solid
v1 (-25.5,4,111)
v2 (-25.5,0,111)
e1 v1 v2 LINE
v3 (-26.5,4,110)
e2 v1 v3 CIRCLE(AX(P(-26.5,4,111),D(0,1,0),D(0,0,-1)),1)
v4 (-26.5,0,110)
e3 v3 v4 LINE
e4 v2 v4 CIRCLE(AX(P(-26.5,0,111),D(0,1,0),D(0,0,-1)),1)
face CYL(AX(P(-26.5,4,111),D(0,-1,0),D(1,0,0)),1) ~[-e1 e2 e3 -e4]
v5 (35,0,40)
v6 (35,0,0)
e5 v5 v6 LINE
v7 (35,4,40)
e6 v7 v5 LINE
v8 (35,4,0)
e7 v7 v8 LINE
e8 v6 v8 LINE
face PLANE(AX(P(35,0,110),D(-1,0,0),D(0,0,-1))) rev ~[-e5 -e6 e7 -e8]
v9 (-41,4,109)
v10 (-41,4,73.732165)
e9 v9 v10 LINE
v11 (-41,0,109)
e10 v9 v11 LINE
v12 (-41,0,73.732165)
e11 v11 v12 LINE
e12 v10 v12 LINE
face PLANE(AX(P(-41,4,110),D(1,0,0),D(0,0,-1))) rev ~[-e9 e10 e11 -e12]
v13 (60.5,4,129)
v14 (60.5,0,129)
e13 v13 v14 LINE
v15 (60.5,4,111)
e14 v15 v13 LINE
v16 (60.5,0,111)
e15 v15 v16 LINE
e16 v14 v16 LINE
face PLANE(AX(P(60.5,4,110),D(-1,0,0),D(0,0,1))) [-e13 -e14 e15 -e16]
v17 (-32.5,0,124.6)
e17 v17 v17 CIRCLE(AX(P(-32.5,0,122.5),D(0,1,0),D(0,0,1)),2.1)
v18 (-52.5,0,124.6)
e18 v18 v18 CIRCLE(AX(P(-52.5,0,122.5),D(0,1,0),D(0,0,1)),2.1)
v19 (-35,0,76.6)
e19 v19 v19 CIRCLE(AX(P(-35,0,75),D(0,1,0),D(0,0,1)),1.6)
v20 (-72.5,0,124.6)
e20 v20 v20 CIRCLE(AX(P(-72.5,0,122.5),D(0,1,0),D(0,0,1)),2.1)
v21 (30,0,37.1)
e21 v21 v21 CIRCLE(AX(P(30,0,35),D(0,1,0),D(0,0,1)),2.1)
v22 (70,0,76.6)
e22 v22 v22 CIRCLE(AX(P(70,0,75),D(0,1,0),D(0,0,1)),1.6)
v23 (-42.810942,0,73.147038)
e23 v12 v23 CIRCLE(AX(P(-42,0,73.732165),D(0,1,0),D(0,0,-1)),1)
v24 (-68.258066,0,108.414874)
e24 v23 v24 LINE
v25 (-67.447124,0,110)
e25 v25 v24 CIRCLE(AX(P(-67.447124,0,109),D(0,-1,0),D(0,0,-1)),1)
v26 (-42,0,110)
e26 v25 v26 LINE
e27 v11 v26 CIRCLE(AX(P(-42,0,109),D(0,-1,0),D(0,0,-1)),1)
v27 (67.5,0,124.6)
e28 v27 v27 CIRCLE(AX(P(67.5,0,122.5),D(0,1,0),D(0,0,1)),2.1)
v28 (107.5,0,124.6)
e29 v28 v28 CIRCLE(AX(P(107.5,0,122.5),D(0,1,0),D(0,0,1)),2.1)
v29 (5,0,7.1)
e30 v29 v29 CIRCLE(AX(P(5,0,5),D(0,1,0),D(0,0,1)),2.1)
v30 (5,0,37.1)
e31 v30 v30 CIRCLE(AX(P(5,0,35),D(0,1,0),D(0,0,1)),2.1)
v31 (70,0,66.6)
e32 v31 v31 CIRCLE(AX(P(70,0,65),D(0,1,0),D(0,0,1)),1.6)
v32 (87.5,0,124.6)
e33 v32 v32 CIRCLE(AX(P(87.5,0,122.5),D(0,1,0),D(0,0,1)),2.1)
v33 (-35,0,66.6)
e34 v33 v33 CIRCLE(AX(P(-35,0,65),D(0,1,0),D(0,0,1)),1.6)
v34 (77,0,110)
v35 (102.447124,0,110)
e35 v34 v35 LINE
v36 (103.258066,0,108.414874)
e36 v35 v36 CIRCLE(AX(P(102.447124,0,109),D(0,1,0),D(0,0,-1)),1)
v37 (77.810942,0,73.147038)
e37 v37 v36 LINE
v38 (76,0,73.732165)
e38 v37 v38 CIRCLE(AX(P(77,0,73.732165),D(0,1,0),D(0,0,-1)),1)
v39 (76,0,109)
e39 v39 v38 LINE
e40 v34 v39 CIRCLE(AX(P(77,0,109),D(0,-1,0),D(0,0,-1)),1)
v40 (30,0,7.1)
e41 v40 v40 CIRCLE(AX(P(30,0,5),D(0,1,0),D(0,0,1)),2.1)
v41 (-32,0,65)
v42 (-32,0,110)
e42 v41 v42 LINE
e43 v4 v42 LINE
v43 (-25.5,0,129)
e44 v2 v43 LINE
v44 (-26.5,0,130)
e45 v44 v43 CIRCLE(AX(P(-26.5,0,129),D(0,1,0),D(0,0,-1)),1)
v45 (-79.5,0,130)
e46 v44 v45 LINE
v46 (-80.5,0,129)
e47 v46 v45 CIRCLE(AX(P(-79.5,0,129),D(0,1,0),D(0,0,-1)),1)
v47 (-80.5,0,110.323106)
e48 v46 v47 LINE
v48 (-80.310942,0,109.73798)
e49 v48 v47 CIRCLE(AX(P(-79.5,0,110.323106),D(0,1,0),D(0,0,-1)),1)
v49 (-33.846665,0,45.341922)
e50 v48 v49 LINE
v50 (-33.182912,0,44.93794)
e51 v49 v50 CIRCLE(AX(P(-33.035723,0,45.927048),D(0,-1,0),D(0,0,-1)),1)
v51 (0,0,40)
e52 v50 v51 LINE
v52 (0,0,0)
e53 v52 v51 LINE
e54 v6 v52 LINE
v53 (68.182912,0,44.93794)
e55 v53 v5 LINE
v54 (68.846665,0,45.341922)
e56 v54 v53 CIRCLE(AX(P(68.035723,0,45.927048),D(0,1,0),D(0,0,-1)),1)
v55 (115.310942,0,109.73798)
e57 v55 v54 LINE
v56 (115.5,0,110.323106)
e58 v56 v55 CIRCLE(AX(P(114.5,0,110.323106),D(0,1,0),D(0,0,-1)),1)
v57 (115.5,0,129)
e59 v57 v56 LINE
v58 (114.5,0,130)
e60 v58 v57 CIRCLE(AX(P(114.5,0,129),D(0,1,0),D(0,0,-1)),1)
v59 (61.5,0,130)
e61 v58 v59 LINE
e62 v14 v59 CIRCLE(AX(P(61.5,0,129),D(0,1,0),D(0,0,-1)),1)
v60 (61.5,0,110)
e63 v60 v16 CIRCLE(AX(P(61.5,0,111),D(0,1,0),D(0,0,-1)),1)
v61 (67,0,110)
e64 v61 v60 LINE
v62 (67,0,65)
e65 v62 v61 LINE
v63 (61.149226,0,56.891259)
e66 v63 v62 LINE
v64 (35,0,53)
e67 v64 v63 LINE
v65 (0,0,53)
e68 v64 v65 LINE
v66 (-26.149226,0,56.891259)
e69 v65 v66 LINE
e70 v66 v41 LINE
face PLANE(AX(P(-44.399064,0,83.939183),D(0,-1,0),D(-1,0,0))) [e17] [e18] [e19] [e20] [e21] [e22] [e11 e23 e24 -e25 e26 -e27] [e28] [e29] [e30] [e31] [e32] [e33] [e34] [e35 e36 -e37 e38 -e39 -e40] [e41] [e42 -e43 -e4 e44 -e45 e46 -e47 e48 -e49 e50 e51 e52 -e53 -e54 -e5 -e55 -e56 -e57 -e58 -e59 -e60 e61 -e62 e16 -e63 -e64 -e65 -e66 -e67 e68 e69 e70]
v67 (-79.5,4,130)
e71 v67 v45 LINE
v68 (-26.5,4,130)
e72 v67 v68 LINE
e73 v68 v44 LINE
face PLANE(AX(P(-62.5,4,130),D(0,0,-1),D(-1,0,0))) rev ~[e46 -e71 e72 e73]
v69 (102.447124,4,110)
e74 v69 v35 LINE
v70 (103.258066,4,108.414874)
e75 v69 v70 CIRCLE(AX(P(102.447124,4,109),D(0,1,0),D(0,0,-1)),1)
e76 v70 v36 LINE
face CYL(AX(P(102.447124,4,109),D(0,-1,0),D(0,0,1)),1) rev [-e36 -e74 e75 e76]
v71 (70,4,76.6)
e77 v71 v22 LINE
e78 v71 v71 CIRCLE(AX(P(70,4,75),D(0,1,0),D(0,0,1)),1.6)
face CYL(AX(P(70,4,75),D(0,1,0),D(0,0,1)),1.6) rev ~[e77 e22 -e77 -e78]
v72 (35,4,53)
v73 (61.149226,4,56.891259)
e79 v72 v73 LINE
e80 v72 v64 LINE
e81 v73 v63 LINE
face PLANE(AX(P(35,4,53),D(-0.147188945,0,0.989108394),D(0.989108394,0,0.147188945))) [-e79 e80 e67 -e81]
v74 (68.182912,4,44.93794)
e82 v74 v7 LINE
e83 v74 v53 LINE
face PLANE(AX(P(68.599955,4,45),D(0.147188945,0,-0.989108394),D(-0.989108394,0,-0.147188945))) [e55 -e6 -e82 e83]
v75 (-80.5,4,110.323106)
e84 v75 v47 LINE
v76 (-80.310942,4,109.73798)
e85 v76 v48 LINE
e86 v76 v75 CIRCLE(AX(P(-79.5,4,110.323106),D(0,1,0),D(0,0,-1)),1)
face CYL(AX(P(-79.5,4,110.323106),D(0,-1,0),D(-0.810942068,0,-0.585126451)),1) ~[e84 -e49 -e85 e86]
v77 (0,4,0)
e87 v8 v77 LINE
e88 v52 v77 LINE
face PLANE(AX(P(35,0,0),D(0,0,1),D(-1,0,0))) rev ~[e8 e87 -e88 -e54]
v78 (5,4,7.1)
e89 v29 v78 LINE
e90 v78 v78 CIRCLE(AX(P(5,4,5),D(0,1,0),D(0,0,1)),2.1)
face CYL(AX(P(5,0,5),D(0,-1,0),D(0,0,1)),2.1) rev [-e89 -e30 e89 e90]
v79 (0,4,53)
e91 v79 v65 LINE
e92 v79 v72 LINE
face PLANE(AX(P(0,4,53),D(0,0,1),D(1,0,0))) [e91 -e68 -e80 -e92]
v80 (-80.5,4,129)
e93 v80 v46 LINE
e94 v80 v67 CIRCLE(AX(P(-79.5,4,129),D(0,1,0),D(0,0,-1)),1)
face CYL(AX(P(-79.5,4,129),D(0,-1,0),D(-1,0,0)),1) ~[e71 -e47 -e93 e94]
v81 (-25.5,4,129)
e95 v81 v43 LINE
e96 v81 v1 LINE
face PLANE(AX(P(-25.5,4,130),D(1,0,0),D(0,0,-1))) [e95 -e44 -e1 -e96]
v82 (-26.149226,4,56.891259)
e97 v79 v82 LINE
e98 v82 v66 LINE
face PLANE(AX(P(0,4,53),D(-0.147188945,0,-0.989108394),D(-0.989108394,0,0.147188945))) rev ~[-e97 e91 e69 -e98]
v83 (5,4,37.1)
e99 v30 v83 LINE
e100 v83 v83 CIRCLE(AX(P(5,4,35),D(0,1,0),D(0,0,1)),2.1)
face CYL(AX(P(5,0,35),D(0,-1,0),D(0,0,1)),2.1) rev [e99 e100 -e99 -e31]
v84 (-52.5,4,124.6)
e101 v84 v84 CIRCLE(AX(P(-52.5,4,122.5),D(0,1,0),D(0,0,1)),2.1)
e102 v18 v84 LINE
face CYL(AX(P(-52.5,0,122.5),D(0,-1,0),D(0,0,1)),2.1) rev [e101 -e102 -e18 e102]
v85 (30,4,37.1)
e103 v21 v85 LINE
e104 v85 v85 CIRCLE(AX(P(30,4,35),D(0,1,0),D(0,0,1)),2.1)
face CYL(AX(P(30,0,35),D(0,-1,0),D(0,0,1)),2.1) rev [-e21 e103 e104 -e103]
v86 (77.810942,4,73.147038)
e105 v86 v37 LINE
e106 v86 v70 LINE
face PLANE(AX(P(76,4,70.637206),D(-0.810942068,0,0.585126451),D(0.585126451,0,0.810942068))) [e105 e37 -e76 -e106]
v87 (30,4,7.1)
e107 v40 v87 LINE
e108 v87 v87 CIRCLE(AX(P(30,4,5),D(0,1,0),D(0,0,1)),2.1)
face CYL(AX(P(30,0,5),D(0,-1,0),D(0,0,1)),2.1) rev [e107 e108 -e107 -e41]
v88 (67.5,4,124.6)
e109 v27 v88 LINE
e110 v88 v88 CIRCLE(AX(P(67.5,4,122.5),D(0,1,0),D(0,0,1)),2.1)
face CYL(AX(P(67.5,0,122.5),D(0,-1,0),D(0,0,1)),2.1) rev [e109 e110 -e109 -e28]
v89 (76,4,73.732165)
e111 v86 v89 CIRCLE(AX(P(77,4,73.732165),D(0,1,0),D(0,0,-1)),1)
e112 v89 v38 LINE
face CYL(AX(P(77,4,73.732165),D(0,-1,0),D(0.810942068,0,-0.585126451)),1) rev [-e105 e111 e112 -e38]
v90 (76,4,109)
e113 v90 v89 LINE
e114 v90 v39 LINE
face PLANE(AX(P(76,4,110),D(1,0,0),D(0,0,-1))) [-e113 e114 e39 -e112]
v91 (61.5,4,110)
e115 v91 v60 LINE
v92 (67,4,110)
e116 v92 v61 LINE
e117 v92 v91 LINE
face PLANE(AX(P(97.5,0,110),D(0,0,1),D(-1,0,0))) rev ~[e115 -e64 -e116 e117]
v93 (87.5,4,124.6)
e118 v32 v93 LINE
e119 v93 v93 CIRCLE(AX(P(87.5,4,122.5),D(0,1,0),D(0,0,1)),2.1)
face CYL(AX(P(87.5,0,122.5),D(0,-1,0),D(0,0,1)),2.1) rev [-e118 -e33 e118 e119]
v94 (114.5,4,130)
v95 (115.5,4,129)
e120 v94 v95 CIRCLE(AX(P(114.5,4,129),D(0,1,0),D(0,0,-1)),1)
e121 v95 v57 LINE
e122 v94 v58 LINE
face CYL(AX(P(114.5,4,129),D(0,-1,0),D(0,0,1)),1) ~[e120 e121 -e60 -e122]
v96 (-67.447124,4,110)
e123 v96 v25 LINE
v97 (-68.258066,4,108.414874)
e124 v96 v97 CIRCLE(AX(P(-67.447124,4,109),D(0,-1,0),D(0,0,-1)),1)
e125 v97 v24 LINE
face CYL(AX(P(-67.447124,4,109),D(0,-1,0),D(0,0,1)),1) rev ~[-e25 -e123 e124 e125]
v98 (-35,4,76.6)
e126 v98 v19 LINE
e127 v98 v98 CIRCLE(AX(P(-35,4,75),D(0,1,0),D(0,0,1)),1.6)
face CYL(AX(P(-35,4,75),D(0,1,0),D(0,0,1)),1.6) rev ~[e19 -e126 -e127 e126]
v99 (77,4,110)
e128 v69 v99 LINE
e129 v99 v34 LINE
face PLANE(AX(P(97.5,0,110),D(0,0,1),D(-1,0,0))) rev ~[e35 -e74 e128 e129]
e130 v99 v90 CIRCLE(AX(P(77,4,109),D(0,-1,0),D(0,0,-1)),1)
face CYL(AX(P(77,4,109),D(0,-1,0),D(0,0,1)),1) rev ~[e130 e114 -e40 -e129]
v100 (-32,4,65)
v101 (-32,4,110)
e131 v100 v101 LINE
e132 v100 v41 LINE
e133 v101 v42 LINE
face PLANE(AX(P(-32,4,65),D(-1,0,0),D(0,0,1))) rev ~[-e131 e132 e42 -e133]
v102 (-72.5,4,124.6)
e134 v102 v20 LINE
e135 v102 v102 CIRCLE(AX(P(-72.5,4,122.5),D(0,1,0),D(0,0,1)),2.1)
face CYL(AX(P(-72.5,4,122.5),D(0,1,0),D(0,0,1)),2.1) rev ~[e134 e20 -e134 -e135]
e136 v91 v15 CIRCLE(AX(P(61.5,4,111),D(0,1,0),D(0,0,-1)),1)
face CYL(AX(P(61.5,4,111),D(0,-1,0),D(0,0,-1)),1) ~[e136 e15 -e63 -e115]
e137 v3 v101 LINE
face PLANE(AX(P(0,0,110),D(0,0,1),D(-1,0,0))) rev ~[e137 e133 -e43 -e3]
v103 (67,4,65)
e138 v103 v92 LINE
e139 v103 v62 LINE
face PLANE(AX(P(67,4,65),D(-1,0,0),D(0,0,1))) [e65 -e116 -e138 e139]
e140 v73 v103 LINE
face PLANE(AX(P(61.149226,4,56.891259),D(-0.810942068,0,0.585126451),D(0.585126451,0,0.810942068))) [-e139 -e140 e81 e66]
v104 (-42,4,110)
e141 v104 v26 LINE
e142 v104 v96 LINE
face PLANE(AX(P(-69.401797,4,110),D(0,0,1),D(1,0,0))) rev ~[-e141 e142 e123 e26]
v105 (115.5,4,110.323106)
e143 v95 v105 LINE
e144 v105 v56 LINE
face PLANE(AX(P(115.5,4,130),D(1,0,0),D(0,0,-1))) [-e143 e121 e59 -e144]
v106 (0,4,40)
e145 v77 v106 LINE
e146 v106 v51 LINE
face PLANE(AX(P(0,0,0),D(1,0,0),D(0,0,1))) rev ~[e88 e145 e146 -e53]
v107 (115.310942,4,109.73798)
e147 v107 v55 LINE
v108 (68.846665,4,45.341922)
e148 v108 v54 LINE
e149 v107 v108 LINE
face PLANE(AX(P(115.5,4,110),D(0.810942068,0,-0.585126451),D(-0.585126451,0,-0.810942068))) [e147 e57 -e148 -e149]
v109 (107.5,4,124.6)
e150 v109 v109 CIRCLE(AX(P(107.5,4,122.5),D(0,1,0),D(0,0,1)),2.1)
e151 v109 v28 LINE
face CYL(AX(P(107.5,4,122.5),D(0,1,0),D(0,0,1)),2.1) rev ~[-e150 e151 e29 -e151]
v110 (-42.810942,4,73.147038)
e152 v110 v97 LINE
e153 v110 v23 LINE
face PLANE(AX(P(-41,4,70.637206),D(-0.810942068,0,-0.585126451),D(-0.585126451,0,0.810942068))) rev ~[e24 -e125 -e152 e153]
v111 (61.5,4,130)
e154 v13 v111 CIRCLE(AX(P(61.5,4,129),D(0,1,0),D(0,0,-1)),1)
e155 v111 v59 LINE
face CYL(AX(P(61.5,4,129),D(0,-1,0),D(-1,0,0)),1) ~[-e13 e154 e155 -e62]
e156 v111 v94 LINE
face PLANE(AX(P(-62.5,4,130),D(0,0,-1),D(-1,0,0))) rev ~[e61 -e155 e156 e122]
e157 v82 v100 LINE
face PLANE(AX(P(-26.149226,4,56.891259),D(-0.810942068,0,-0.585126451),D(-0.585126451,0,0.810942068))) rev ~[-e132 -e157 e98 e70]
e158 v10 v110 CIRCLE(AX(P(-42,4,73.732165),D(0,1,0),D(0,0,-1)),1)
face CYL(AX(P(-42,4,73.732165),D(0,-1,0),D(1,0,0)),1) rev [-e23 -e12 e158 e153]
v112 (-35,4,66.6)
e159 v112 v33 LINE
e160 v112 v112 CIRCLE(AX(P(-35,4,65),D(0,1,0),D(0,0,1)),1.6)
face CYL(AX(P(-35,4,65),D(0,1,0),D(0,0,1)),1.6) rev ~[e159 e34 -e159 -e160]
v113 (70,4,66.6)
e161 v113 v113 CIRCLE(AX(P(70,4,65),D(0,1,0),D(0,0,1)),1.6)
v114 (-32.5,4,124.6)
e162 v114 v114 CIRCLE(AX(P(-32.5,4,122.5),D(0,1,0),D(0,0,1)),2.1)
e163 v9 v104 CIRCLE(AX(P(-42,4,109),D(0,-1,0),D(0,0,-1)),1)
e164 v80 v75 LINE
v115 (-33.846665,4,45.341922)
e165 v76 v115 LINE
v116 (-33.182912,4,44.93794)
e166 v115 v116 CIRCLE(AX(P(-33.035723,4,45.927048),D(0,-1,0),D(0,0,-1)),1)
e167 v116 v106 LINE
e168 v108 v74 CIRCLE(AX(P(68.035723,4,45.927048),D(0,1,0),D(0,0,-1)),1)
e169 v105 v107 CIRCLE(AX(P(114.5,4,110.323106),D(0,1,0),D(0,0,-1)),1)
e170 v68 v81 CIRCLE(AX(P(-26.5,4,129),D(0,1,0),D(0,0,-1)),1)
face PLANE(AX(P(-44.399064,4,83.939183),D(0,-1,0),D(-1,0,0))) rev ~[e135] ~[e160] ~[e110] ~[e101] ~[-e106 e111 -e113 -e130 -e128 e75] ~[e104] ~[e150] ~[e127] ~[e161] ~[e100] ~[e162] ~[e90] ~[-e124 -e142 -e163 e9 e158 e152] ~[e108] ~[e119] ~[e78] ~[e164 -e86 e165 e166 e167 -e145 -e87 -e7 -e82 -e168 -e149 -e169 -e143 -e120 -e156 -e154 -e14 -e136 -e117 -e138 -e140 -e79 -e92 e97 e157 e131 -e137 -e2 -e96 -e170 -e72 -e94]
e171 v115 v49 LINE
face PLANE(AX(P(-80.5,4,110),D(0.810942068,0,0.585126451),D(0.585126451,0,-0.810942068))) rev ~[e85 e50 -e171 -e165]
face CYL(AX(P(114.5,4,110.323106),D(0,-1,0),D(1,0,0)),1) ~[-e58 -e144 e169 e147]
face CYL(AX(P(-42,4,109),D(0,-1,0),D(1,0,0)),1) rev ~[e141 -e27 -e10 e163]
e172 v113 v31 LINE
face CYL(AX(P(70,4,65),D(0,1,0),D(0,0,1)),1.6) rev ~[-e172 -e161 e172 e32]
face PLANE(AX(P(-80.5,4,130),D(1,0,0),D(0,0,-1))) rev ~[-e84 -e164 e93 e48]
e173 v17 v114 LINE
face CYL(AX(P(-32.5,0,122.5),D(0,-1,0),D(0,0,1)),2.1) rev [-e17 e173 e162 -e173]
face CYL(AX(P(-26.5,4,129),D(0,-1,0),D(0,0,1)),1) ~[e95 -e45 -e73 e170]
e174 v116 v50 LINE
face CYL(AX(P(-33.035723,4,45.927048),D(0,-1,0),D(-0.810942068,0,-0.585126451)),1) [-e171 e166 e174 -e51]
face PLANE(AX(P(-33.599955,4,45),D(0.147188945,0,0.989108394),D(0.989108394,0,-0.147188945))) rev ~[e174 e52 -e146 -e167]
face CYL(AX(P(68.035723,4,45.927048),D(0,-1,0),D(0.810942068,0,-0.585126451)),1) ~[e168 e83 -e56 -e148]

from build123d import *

# Parameters (mm, degrees)
SKETCH_1_R          = 2.1
EXTRUDE_1_DEPTH     = 4
SKETCH_2_R          = 1.6
SKETCH_2_R_2        = 2.1
EXTRUDE_2_DEPTH     = 4
CUT_EXTRUDE_1_DEPTH = 174.943237868
FILLET_2_R          = 1
FILLET_3_R          = 1


with BuildPart() as part:
    # 草图1 → 凸台-拉伸1 (new body)
    with BuildSketch(Plane(origin=(0, 0, 0), x_dir=(1, 0, 0), z_dir=(0, 1, 0))):
        Polygon((0, 0), (0, -110), (-62.5, -110), (-62.5, -130), (97.5, -130), (97.5, -110), (35, -110), (35, 0), align=None)
        with Locations(Location((5, -5, 0), (0, 0, 270))):
            Circle(SKETCH_1_R, mode=Mode.SUBTRACT)
        with Locations(Location((30, -5, 0), (0, 0, 270))):
            Circle(SKETCH_1_R, mode=Mode.SUBTRACT)
        with Locations(Location((5, -35, 0), (0, 0, 270))):
            Circle(SKETCH_1_R, mode=Mode.SUBTRACT)
        with Locations(Location((30, -35, 0), (0, 0, 270))):
            Circle(SKETCH_1_R, mode=Mode.SUBTRACT)
        with Locations(Location((-52.5, -122.5, 0), (0, 0, 270))):
            Circle(SKETCH_1_R, mode=Mode.SUBTRACT)
        with Locations(Location((-32.5, -122.5, 0), (0, 0, 270))):
            Circle(SKETCH_1_R, mode=Mode.SUBTRACT)
        with Locations(Location((-12.5, -122.5, 0), (0, 0, 270))):
            Circle(SKETCH_1_R, mode=Mode.SUBTRACT)
        with Locations(Location((7.5, -122.5, 0), (0, 0, 270))):
            Circle(SKETCH_1_R, mode=Mode.SUBTRACT)
        with Locations(Location((27.5, -122.5, 0), (0, 0, 270))):
            Circle(SKETCH_1_R, mode=Mode.SUBTRACT)
        with Locations(Location((47.5, -122.5, 0), (0, 0, 270))):
            Circle(SKETCH_1_R, mode=Mode.SUBTRACT)
        with Locations(Location((67.5, -122.5, 0), (0, 0, 270))):
            Circle(SKETCH_1_R, mode=Mode.SUBTRACT)
        with Locations(Location((87.5, -122.5, 0), (0, 0, 270))):
            Circle(SKETCH_1_R, mode=Mode.SUBTRACT)
    extrude(amount=EXTRUDE_1_DEPTH)

    # 草图2 → 凸台-拉伸2 (add)
    # profile 1 of 2: a face of its own
    with BuildSketch(Plane(origin=(0, 4, 0), x_dir=(1, 0, 0), z_dir=(0, 1, 0))):
        Polygon((0, -40), (0, -53), (-26.149225941, -56.891259047), (-32, -65), (-32, -110), (-41, -110), (-41, -70.637206461), (-69.401796613, -110), (-62.5, -110), (-62.5, -130), (-80.5, -130), (-80.5, -110), (-33.599955214, -45), align=None)
        with Locations(Location((-35, -65, 0), (0, 0, 270))):
            Circle(SKETCH_2_R, mode=Mode.SUBTRACT)
        with Locations(Location((-35, -75, 0), (0, 0, 270))):
            Circle(SKETCH_2_R, mode=Mode.SUBTRACT)
        with Locations(Location((-72.5, -122.5, 0), (0, 0, 270))):
            Circle(SKETCH_2_R_2, mode=Mode.SUBTRACT)
    # profile 2 of 2: a face of its own
    with BuildSketch(Plane(origin=(0, 4, 0), x_dir=(1, 0, 0), z_dir=(0, 1, 0))):
        Polygon((67, -65), (67, -110), (76, -110), (76, -70.637206461), (104.401796613, -110), (97.5, -110), (97.5, -130), (115.5, -130), (115.5, -110), (68.599955214, -45), (35, -40), (35, -53), (61.149225941, -56.891259047), align=None)
        with Locations(Location((70, -65, 0), (0, 0, 270))):
            Circle(SKETCH_2_R, mode=Mode.SUBTRACT)
        with Locations(Location((70, -75, 0), (0, 0, 270))):
            Circle(SKETCH_2_R, mode=Mode.SUBTRACT)
        with Locations(Location((107.5, -122.5, 0), (0, 0, 270))):
            Circle(SKETCH_2_R_2, mode=Mode.SUBTRACT)
    extrude(amount=-EXTRUDE_2_DEPTH)

    # 草图3 → 切除-拉伸1 (cut, through all)
    with BuildSketch(Plane(origin=(0, 4, 0), x_dir=(1, 0, 0), z_dir=(0, 1, 0))):
        Polygon((0, -53), (35, -53), (35, -110), (60.5, -110), (60.5, -130), (-25.5, -130), (-25.5, -110), (0, -110), align=None)
    extrude(amount=-CUT_EXTRUDE_1_DEPTH, mode=Mode.SUBTRACT)

    # 圆角2
    fillet_2_edges = [part.edges().sort_by_distance(p)[0] for p in [
        (76, 2, 70.637206461),
        (104.401796613, 2, 110),
        (76, 2, 110),
        (-41, 2, 70.637206461),
        (-41, 2, 110),
        (-69.401796613, 2, 110),
    ]]
    fillet(fillet_2_edges, radius=FILLET_2_R)

    # 圆角3
    fillet_3_edges = [part.edges().sort_by_distance(p)[0] for p in [
        (115.5, 2, 130),
        (115.5, 2, 110),
        (68.599955214, 2, 45),
        (60.5, 2, 110),
        (60.5, 2, 130),
        (-25.5, 2, 130),
        (-25.5, 2, 110),
        (-33.599955214, 2, 45),
        (-80.5, 2, 110),
        (-80.5, 2, 130),
    ]]
    fillet(fillet_3_edges, radius=FILLET_3_R)


solid = part.part
